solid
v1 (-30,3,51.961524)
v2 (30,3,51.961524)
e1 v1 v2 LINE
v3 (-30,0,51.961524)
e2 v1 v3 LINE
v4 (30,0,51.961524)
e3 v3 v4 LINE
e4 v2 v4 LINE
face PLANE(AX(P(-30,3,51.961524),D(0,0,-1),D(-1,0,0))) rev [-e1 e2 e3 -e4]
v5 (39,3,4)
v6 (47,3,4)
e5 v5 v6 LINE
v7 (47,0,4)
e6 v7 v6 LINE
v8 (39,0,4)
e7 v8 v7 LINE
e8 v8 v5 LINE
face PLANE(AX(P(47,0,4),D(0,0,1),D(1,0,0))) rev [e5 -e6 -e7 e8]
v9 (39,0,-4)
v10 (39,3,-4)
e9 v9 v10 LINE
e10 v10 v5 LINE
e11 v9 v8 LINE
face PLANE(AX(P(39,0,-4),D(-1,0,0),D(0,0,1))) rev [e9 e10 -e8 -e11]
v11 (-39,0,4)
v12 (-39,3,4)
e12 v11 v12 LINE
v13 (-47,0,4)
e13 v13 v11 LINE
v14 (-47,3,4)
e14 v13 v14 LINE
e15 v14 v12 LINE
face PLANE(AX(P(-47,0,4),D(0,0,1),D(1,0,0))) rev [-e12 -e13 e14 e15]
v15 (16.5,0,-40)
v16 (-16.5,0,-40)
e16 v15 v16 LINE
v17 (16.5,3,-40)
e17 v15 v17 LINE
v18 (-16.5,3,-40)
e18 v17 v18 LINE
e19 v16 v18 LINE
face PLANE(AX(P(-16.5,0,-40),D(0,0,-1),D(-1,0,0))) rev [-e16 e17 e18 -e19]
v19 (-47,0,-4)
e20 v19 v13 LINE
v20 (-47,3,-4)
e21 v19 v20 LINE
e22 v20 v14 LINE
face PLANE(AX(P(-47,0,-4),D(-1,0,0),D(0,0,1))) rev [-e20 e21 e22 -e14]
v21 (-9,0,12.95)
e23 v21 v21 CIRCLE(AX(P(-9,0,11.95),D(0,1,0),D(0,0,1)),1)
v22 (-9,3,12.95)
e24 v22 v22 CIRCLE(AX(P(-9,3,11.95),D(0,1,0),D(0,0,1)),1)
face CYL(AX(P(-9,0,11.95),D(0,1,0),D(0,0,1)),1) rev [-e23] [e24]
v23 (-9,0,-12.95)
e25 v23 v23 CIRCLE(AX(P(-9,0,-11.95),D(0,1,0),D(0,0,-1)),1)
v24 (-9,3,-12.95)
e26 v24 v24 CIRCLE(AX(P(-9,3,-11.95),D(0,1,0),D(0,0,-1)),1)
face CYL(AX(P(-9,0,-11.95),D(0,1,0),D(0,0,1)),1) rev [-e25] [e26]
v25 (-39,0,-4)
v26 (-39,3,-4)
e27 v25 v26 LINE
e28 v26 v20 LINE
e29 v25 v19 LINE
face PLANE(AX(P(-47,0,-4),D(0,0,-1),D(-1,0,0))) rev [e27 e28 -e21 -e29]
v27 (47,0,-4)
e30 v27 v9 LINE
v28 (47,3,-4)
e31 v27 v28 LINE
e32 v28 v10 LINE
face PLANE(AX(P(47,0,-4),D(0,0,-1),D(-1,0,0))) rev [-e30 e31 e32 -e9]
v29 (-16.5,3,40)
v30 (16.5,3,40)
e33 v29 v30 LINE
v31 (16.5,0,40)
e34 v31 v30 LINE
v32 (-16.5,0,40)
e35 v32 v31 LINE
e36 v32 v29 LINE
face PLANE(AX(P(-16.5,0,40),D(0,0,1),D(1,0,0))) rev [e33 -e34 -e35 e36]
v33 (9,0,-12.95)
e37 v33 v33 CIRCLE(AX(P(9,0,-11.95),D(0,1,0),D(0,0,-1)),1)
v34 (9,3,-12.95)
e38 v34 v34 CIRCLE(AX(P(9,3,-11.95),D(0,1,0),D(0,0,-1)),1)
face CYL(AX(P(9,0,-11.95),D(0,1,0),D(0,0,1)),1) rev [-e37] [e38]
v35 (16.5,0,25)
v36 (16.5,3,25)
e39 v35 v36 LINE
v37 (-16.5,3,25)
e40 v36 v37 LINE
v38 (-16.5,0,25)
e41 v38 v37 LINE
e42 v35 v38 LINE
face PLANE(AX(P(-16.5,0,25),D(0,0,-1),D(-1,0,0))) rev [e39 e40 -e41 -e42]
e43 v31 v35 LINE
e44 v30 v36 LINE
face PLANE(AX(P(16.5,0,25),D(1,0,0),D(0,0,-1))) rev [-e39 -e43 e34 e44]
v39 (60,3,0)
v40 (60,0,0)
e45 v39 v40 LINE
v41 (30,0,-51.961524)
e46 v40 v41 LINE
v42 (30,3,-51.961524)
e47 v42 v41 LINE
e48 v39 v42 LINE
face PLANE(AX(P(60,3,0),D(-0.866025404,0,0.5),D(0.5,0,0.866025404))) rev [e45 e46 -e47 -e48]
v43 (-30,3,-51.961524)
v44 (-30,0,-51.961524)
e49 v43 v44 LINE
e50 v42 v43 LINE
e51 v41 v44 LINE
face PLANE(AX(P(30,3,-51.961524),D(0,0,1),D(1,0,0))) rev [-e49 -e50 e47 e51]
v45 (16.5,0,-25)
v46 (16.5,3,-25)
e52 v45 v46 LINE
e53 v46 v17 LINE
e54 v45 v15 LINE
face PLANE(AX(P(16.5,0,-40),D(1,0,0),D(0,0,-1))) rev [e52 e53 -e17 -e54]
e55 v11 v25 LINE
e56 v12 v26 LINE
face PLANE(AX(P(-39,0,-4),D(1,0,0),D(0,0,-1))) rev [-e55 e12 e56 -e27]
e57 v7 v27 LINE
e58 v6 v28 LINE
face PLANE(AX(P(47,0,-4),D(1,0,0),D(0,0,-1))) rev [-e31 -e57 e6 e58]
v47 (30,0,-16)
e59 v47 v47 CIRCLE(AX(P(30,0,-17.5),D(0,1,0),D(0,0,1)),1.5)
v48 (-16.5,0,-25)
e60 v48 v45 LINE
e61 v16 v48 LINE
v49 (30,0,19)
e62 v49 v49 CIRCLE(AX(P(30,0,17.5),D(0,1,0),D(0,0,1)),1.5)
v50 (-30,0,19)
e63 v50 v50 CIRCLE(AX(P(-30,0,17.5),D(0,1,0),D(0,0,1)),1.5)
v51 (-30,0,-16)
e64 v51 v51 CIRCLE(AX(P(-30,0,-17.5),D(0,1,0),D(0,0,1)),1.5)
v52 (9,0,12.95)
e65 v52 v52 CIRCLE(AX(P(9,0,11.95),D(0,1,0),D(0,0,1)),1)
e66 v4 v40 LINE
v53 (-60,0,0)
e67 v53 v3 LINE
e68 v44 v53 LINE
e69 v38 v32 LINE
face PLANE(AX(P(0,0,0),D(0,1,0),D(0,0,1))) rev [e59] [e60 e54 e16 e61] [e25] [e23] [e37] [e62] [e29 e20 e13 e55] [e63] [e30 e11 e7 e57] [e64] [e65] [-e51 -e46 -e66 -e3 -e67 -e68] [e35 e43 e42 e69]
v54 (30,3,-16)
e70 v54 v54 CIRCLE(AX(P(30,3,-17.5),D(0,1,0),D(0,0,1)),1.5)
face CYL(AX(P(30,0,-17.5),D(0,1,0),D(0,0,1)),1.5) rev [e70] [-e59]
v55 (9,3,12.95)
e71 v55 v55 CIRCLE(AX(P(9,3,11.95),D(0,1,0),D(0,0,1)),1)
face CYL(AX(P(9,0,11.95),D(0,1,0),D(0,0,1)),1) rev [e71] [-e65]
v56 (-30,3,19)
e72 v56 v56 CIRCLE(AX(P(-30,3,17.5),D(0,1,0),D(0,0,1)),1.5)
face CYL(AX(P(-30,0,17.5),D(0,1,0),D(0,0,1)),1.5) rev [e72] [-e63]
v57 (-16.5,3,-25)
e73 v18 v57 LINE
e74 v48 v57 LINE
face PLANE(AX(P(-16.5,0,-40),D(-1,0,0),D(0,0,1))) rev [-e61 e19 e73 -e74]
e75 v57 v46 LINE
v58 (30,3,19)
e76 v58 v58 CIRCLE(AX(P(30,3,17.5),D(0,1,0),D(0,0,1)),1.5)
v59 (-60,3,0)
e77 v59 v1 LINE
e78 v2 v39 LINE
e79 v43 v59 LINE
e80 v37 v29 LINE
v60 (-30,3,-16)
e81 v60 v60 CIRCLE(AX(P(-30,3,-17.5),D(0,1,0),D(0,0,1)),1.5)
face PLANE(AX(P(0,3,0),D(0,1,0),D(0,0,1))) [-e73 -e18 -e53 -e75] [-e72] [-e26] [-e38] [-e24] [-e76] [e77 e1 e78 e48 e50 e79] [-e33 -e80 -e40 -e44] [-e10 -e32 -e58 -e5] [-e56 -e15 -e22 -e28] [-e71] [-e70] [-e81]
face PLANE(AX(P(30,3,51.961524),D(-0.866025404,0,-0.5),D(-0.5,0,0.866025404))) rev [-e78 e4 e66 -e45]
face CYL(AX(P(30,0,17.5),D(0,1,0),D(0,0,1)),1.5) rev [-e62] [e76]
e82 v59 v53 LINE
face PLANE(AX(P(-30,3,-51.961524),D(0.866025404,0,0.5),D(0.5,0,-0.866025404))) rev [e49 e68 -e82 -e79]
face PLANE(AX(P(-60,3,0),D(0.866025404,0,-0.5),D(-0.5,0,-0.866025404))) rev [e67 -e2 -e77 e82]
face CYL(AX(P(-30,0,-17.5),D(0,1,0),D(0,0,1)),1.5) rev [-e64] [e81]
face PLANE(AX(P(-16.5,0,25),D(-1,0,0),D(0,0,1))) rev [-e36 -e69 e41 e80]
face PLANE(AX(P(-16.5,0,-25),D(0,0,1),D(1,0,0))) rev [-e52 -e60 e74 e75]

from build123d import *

# Parameters (mm, degrees)
SALIENTE_EXTRUIR1_DEPTH = 3
CROQUIS3_W              = 33
CROQUIS3_H              = 15
CORTAR_EXTRUIR1_DEPTH   = 4
CROQUIS4_R              = 1
CORTAR_EXTRUIR2_DEPTH   = 4
CROQUIS5_W              = 8
CROQUIS5_H              = 8
CORTAR_EXTRUIR3_DEPTH   = 4
CROQUIS6_R              = 1.5
CORTAR_EXTRUIR4_DEPTH   = 4


with BuildPart() as part:
    # Croquis1 → Saliente-Extruir1 (new body)
    with BuildSketch(Plane(origin=(0, 0, 0), x_dir=(1, 0, 0), z_dir=(0, 1, 0))):
        Polygon((-60, 0), (-30, -51.961524227), (30, -51.961524227), (60, 0), (30, 51.961524227), (-30, 51.961524227), align=None)
    extrude(amount=SALIENTE_EXTRUIR1_DEPTH)

    # Croquis3 → Cortar-Extruir1 (cut, through all)
    with BuildSketch(Plane(origin=(0, 3, 0), x_dir=(1, 0, 0), z_dir=(0, 1, 0))):
        with Locations((0, -32.5)):
            Rectangle(CROQUIS3_W, CROQUIS3_H)
        with Locations((0, 32.5)):
            Rectangle(CROQUIS3_W, CROQUIS3_H)
    extrude(amount=-CORTAR_EXTRUIR1_DEPTH, mode=Mode.SUBTRACT)

    # Croquis4 → Cortar-Extruir2 (cut, through all)
    with BuildSketch(Plane(origin=(0, 3, 0), x_dir=(1, 0, 0), z_dir=(0, 1, 0))):
        with Locations((-9, -11.95)):
            Circle(CROQUIS4_R)
        with Locations((9, -11.95)):
            Circle(CROQUIS4_R)
        with Locations((9, 11.95)):
            Circle(CROQUIS4_R)
        with Locations((-9, 11.95)):
            Circle(CROQUIS4_R)
    extrude(amount=-CORTAR_EXTRUIR2_DEPTH, mode=Mode.SUBTRACT)

    # Croquis5 → Cortar-Extruir3 (cut, through all)
    with BuildSketch(Plane(origin=(0, 3, 0), x_dir=(1, 0, 0), z_dir=(0, 1, 0))):
        with Locations((-43, 0)):
            Rectangle(CROQUIS5_W, CROQUIS5_H)
        with Locations((43, 0)):
            Rectangle(CROQUIS5_W, CROQUIS5_H)
    extrude(amount=-CORTAR_EXTRUIR3_DEPTH, mode=Mode.SUBTRACT)

    # Croquis6 → Cortar-Extruir4 (cut, through all)
    with BuildSketch(Plane(origin=(0, 3, 0), x_dir=(1, 0, 0), z_dir=(0, 1, 0))):
        with Locations((-30, -17.5)):
            Circle(CROQUIS6_R)
        with Locations((-30, 17.5)):
            Circle(CROQUIS6_R)
        with Locations((30, 17.5)):
            Circle(CROQUIS6_R)
        with Locations((30, -17.5)):
            Circle(CROQUIS6_R)
    extrude(amount=-CORTAR_EXTRUIR4_DEPTH, mode=Mode.SUBTRACT)


solid = part.part
